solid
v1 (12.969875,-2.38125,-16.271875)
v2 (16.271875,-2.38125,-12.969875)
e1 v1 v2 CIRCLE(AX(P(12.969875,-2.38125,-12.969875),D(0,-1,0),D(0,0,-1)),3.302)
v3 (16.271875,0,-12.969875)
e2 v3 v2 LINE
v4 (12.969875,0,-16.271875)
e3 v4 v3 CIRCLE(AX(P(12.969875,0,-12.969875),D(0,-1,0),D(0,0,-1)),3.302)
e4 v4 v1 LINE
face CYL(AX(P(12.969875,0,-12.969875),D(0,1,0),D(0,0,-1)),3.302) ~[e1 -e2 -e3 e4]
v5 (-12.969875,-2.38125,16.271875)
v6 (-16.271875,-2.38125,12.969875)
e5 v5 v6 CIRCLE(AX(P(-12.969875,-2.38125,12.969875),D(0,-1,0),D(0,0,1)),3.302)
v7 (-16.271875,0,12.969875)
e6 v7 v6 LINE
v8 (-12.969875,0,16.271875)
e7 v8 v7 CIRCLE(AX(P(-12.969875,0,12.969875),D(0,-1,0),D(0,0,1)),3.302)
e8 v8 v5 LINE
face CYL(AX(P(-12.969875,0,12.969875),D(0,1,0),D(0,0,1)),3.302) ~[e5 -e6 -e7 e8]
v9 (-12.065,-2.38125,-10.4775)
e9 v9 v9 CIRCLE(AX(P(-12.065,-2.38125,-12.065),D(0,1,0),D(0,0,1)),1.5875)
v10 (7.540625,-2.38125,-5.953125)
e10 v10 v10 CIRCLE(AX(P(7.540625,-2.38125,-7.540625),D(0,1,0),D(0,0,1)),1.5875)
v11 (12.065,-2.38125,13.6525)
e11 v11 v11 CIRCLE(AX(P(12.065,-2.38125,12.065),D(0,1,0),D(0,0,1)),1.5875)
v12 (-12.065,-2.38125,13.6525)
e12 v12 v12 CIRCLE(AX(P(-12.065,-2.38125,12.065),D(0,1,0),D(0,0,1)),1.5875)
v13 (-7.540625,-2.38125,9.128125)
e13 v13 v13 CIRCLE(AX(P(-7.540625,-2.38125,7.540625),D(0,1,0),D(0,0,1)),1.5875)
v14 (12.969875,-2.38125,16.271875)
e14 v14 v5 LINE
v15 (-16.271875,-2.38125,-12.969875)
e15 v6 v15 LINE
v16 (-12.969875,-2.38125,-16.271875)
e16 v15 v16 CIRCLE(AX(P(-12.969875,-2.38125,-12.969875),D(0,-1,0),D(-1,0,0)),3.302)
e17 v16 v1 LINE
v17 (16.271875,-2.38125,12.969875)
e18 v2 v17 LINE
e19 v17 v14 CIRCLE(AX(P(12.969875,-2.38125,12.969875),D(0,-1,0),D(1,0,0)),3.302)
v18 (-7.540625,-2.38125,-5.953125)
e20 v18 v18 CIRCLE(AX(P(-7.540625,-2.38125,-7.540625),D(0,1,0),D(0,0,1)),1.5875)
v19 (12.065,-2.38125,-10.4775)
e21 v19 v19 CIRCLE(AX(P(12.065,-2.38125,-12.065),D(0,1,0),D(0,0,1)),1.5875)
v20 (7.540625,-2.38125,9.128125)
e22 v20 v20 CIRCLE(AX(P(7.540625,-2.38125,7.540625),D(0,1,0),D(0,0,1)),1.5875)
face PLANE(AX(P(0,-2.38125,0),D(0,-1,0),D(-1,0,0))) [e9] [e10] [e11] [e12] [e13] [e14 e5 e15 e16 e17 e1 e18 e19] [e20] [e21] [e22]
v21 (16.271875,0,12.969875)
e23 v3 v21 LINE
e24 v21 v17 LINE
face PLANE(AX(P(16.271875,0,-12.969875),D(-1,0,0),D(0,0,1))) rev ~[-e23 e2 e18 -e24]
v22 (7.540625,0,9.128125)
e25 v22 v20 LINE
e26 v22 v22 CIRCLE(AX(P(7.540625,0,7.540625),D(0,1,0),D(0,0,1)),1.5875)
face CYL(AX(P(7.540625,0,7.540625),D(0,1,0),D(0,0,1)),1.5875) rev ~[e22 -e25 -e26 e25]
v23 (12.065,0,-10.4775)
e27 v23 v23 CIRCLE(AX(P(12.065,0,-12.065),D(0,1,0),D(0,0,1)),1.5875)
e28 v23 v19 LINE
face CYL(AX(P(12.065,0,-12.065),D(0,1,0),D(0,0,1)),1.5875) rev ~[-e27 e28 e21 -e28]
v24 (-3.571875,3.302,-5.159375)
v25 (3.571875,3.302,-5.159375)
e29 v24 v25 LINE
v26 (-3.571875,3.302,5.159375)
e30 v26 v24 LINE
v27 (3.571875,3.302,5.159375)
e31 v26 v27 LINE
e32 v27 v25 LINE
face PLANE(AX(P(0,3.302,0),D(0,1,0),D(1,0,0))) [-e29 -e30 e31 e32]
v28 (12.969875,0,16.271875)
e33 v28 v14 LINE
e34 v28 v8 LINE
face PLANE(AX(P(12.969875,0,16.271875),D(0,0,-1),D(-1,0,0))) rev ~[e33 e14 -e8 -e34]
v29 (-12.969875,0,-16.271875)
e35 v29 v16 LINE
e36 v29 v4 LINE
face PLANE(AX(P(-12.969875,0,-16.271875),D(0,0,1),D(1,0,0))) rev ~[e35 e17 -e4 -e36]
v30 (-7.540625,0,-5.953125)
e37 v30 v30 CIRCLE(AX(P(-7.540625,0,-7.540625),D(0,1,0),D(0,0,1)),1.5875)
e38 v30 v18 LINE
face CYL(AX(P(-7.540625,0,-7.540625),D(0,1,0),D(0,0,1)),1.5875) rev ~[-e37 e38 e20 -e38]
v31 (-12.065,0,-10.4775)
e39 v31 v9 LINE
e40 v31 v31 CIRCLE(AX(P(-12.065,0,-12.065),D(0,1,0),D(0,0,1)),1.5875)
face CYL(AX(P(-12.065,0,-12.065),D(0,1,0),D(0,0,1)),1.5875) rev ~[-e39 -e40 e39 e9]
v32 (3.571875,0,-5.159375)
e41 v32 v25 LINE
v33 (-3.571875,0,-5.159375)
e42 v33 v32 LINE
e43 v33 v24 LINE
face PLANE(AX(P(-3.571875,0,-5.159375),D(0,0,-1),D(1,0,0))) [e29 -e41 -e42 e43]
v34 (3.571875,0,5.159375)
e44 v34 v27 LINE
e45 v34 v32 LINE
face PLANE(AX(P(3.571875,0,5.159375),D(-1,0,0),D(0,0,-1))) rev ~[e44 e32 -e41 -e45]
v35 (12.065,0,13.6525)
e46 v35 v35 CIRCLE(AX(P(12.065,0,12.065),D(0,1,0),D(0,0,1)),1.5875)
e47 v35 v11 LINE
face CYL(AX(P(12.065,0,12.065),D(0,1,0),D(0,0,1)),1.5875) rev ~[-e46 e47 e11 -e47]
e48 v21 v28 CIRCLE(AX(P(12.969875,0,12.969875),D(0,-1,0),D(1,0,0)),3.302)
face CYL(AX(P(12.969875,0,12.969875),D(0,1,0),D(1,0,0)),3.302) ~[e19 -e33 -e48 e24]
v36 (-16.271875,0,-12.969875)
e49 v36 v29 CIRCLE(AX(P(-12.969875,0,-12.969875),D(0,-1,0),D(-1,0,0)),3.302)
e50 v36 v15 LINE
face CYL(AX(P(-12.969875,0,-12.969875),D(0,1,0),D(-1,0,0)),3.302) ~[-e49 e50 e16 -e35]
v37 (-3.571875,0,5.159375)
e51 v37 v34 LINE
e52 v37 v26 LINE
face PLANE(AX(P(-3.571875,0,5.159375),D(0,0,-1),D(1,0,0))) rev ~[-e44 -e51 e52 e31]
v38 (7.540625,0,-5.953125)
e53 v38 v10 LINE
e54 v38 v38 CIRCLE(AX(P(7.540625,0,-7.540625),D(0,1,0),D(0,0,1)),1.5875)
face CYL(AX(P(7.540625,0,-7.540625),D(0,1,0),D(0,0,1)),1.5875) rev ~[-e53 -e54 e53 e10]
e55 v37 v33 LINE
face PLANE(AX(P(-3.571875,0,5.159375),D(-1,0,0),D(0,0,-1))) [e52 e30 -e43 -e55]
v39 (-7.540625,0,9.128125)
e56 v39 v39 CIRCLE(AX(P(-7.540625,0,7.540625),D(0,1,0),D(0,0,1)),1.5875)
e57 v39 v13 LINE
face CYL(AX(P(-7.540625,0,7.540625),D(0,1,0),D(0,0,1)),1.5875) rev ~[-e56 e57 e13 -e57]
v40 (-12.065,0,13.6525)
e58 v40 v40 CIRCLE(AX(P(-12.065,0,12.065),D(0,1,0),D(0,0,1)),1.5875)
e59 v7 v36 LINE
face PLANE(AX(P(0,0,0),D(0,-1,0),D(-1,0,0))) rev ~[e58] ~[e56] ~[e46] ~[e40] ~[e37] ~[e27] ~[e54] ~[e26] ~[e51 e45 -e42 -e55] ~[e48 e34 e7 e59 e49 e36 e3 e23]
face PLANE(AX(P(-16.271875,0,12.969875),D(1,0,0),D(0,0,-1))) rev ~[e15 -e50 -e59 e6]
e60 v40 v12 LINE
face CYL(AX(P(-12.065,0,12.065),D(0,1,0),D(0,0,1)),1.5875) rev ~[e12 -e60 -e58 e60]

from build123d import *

# Parameters (mm, degrees)
BOSS_EXTRUDE1_DEPTH = 2.38125
SKETCH1_4_W         = 7.14375
SKETCH1_4_H         = 10.31875
BOSS_EXTRUDE2_DEPTH = 3.302
SKETCH1_5_R         = 1.5875
CUT_EXTRUDE1_DEPTH  = 24.247602802


with BuildPart() as part:
    # Sketch1 → Boss-Extrude1 (new body)
    with BuildSketch(Plane(origin=(0, 0, 0), x_dir=(1, 0, 0), z_dir=(0, 1, 0))):
        with BuildLine():
            Line((12.969875, -16.271875), (-12.969875, -16.271875))
            ThreePointArc((-12.969875, -16.271875), (-15.304741591, -15.304741591), (-16.271875, -12.969875))
            Line((-16.271875, -12.969875), (-16.271875, 12.969875))
            ThreePointArc((-16.271875, 12.969875), (-15.304741591, 15.304741591), (-12.969875, 16.271875))
            Line((-12.969875, 16.271875), (12.969875, 16.271875))
            ThreePointArc((12.969875, 16.271875), (15.304741591, 15.304741591), (16.271875, 12.969875))
            Line((16.271875, 12.969875), (16.271875, -12.969875))
            ThreePointArc((16.271875, -12.969875), (15.304741591, -15.304741591), (12.969875, -16.271875))
        make_face()
    extrude(amount=-BOSS_EXTRUDE1_DEPTH)

    # Sketch1<4> → Boss-Extrude2 (add)
    with BuildSketch(Plane(origin=(0, 0, 0), x_dir=(1, 0, 0), z_dir=(0, 1, 0))):
        Rectangle(SKETCH1_4_W, SKETCH1_4_H)
    extrude(amount=BOSS_EXTRUDE2_DEPTH)

    # Sketch1<5> → Cut-Extrude1 (cut, through all)
    with BuildSketch(Plane(origin=(0, 0, 0), x_dir=(1, 0, 0), z_dir=(0, 1, 0))):
        with Locations((12.065, 12.065)):
            Circle(SKETCH1_5_R)
        with Locations((7.540625, 7.540625)):
            Circle(SKETCH1_5_R)
        with Locations((-7.540625, -7.540625)):
            Circle(SKETCH1_5_R)
        with Locations((-12.065, -12.065)):
            Circle(SKETCH1_5_R)
        with Locations((-12.065, 12.065)):
            Circle(SKETCH1_5_R)
        with Locations((-7.540625, 7.540625)):
            Circle(SKETCH1_5_R)
        with Locations((7.540625, -7.540625)):
            Circle(SKETCH1_5_R)
        with Locations((12.065, -12.065)):
            Circle(SKETCH1_5_R)
    extrude(amount=-CUT_EXTRUDE1_DEPTH, mode=Mode.SUBTRACT)


solid = part.part
